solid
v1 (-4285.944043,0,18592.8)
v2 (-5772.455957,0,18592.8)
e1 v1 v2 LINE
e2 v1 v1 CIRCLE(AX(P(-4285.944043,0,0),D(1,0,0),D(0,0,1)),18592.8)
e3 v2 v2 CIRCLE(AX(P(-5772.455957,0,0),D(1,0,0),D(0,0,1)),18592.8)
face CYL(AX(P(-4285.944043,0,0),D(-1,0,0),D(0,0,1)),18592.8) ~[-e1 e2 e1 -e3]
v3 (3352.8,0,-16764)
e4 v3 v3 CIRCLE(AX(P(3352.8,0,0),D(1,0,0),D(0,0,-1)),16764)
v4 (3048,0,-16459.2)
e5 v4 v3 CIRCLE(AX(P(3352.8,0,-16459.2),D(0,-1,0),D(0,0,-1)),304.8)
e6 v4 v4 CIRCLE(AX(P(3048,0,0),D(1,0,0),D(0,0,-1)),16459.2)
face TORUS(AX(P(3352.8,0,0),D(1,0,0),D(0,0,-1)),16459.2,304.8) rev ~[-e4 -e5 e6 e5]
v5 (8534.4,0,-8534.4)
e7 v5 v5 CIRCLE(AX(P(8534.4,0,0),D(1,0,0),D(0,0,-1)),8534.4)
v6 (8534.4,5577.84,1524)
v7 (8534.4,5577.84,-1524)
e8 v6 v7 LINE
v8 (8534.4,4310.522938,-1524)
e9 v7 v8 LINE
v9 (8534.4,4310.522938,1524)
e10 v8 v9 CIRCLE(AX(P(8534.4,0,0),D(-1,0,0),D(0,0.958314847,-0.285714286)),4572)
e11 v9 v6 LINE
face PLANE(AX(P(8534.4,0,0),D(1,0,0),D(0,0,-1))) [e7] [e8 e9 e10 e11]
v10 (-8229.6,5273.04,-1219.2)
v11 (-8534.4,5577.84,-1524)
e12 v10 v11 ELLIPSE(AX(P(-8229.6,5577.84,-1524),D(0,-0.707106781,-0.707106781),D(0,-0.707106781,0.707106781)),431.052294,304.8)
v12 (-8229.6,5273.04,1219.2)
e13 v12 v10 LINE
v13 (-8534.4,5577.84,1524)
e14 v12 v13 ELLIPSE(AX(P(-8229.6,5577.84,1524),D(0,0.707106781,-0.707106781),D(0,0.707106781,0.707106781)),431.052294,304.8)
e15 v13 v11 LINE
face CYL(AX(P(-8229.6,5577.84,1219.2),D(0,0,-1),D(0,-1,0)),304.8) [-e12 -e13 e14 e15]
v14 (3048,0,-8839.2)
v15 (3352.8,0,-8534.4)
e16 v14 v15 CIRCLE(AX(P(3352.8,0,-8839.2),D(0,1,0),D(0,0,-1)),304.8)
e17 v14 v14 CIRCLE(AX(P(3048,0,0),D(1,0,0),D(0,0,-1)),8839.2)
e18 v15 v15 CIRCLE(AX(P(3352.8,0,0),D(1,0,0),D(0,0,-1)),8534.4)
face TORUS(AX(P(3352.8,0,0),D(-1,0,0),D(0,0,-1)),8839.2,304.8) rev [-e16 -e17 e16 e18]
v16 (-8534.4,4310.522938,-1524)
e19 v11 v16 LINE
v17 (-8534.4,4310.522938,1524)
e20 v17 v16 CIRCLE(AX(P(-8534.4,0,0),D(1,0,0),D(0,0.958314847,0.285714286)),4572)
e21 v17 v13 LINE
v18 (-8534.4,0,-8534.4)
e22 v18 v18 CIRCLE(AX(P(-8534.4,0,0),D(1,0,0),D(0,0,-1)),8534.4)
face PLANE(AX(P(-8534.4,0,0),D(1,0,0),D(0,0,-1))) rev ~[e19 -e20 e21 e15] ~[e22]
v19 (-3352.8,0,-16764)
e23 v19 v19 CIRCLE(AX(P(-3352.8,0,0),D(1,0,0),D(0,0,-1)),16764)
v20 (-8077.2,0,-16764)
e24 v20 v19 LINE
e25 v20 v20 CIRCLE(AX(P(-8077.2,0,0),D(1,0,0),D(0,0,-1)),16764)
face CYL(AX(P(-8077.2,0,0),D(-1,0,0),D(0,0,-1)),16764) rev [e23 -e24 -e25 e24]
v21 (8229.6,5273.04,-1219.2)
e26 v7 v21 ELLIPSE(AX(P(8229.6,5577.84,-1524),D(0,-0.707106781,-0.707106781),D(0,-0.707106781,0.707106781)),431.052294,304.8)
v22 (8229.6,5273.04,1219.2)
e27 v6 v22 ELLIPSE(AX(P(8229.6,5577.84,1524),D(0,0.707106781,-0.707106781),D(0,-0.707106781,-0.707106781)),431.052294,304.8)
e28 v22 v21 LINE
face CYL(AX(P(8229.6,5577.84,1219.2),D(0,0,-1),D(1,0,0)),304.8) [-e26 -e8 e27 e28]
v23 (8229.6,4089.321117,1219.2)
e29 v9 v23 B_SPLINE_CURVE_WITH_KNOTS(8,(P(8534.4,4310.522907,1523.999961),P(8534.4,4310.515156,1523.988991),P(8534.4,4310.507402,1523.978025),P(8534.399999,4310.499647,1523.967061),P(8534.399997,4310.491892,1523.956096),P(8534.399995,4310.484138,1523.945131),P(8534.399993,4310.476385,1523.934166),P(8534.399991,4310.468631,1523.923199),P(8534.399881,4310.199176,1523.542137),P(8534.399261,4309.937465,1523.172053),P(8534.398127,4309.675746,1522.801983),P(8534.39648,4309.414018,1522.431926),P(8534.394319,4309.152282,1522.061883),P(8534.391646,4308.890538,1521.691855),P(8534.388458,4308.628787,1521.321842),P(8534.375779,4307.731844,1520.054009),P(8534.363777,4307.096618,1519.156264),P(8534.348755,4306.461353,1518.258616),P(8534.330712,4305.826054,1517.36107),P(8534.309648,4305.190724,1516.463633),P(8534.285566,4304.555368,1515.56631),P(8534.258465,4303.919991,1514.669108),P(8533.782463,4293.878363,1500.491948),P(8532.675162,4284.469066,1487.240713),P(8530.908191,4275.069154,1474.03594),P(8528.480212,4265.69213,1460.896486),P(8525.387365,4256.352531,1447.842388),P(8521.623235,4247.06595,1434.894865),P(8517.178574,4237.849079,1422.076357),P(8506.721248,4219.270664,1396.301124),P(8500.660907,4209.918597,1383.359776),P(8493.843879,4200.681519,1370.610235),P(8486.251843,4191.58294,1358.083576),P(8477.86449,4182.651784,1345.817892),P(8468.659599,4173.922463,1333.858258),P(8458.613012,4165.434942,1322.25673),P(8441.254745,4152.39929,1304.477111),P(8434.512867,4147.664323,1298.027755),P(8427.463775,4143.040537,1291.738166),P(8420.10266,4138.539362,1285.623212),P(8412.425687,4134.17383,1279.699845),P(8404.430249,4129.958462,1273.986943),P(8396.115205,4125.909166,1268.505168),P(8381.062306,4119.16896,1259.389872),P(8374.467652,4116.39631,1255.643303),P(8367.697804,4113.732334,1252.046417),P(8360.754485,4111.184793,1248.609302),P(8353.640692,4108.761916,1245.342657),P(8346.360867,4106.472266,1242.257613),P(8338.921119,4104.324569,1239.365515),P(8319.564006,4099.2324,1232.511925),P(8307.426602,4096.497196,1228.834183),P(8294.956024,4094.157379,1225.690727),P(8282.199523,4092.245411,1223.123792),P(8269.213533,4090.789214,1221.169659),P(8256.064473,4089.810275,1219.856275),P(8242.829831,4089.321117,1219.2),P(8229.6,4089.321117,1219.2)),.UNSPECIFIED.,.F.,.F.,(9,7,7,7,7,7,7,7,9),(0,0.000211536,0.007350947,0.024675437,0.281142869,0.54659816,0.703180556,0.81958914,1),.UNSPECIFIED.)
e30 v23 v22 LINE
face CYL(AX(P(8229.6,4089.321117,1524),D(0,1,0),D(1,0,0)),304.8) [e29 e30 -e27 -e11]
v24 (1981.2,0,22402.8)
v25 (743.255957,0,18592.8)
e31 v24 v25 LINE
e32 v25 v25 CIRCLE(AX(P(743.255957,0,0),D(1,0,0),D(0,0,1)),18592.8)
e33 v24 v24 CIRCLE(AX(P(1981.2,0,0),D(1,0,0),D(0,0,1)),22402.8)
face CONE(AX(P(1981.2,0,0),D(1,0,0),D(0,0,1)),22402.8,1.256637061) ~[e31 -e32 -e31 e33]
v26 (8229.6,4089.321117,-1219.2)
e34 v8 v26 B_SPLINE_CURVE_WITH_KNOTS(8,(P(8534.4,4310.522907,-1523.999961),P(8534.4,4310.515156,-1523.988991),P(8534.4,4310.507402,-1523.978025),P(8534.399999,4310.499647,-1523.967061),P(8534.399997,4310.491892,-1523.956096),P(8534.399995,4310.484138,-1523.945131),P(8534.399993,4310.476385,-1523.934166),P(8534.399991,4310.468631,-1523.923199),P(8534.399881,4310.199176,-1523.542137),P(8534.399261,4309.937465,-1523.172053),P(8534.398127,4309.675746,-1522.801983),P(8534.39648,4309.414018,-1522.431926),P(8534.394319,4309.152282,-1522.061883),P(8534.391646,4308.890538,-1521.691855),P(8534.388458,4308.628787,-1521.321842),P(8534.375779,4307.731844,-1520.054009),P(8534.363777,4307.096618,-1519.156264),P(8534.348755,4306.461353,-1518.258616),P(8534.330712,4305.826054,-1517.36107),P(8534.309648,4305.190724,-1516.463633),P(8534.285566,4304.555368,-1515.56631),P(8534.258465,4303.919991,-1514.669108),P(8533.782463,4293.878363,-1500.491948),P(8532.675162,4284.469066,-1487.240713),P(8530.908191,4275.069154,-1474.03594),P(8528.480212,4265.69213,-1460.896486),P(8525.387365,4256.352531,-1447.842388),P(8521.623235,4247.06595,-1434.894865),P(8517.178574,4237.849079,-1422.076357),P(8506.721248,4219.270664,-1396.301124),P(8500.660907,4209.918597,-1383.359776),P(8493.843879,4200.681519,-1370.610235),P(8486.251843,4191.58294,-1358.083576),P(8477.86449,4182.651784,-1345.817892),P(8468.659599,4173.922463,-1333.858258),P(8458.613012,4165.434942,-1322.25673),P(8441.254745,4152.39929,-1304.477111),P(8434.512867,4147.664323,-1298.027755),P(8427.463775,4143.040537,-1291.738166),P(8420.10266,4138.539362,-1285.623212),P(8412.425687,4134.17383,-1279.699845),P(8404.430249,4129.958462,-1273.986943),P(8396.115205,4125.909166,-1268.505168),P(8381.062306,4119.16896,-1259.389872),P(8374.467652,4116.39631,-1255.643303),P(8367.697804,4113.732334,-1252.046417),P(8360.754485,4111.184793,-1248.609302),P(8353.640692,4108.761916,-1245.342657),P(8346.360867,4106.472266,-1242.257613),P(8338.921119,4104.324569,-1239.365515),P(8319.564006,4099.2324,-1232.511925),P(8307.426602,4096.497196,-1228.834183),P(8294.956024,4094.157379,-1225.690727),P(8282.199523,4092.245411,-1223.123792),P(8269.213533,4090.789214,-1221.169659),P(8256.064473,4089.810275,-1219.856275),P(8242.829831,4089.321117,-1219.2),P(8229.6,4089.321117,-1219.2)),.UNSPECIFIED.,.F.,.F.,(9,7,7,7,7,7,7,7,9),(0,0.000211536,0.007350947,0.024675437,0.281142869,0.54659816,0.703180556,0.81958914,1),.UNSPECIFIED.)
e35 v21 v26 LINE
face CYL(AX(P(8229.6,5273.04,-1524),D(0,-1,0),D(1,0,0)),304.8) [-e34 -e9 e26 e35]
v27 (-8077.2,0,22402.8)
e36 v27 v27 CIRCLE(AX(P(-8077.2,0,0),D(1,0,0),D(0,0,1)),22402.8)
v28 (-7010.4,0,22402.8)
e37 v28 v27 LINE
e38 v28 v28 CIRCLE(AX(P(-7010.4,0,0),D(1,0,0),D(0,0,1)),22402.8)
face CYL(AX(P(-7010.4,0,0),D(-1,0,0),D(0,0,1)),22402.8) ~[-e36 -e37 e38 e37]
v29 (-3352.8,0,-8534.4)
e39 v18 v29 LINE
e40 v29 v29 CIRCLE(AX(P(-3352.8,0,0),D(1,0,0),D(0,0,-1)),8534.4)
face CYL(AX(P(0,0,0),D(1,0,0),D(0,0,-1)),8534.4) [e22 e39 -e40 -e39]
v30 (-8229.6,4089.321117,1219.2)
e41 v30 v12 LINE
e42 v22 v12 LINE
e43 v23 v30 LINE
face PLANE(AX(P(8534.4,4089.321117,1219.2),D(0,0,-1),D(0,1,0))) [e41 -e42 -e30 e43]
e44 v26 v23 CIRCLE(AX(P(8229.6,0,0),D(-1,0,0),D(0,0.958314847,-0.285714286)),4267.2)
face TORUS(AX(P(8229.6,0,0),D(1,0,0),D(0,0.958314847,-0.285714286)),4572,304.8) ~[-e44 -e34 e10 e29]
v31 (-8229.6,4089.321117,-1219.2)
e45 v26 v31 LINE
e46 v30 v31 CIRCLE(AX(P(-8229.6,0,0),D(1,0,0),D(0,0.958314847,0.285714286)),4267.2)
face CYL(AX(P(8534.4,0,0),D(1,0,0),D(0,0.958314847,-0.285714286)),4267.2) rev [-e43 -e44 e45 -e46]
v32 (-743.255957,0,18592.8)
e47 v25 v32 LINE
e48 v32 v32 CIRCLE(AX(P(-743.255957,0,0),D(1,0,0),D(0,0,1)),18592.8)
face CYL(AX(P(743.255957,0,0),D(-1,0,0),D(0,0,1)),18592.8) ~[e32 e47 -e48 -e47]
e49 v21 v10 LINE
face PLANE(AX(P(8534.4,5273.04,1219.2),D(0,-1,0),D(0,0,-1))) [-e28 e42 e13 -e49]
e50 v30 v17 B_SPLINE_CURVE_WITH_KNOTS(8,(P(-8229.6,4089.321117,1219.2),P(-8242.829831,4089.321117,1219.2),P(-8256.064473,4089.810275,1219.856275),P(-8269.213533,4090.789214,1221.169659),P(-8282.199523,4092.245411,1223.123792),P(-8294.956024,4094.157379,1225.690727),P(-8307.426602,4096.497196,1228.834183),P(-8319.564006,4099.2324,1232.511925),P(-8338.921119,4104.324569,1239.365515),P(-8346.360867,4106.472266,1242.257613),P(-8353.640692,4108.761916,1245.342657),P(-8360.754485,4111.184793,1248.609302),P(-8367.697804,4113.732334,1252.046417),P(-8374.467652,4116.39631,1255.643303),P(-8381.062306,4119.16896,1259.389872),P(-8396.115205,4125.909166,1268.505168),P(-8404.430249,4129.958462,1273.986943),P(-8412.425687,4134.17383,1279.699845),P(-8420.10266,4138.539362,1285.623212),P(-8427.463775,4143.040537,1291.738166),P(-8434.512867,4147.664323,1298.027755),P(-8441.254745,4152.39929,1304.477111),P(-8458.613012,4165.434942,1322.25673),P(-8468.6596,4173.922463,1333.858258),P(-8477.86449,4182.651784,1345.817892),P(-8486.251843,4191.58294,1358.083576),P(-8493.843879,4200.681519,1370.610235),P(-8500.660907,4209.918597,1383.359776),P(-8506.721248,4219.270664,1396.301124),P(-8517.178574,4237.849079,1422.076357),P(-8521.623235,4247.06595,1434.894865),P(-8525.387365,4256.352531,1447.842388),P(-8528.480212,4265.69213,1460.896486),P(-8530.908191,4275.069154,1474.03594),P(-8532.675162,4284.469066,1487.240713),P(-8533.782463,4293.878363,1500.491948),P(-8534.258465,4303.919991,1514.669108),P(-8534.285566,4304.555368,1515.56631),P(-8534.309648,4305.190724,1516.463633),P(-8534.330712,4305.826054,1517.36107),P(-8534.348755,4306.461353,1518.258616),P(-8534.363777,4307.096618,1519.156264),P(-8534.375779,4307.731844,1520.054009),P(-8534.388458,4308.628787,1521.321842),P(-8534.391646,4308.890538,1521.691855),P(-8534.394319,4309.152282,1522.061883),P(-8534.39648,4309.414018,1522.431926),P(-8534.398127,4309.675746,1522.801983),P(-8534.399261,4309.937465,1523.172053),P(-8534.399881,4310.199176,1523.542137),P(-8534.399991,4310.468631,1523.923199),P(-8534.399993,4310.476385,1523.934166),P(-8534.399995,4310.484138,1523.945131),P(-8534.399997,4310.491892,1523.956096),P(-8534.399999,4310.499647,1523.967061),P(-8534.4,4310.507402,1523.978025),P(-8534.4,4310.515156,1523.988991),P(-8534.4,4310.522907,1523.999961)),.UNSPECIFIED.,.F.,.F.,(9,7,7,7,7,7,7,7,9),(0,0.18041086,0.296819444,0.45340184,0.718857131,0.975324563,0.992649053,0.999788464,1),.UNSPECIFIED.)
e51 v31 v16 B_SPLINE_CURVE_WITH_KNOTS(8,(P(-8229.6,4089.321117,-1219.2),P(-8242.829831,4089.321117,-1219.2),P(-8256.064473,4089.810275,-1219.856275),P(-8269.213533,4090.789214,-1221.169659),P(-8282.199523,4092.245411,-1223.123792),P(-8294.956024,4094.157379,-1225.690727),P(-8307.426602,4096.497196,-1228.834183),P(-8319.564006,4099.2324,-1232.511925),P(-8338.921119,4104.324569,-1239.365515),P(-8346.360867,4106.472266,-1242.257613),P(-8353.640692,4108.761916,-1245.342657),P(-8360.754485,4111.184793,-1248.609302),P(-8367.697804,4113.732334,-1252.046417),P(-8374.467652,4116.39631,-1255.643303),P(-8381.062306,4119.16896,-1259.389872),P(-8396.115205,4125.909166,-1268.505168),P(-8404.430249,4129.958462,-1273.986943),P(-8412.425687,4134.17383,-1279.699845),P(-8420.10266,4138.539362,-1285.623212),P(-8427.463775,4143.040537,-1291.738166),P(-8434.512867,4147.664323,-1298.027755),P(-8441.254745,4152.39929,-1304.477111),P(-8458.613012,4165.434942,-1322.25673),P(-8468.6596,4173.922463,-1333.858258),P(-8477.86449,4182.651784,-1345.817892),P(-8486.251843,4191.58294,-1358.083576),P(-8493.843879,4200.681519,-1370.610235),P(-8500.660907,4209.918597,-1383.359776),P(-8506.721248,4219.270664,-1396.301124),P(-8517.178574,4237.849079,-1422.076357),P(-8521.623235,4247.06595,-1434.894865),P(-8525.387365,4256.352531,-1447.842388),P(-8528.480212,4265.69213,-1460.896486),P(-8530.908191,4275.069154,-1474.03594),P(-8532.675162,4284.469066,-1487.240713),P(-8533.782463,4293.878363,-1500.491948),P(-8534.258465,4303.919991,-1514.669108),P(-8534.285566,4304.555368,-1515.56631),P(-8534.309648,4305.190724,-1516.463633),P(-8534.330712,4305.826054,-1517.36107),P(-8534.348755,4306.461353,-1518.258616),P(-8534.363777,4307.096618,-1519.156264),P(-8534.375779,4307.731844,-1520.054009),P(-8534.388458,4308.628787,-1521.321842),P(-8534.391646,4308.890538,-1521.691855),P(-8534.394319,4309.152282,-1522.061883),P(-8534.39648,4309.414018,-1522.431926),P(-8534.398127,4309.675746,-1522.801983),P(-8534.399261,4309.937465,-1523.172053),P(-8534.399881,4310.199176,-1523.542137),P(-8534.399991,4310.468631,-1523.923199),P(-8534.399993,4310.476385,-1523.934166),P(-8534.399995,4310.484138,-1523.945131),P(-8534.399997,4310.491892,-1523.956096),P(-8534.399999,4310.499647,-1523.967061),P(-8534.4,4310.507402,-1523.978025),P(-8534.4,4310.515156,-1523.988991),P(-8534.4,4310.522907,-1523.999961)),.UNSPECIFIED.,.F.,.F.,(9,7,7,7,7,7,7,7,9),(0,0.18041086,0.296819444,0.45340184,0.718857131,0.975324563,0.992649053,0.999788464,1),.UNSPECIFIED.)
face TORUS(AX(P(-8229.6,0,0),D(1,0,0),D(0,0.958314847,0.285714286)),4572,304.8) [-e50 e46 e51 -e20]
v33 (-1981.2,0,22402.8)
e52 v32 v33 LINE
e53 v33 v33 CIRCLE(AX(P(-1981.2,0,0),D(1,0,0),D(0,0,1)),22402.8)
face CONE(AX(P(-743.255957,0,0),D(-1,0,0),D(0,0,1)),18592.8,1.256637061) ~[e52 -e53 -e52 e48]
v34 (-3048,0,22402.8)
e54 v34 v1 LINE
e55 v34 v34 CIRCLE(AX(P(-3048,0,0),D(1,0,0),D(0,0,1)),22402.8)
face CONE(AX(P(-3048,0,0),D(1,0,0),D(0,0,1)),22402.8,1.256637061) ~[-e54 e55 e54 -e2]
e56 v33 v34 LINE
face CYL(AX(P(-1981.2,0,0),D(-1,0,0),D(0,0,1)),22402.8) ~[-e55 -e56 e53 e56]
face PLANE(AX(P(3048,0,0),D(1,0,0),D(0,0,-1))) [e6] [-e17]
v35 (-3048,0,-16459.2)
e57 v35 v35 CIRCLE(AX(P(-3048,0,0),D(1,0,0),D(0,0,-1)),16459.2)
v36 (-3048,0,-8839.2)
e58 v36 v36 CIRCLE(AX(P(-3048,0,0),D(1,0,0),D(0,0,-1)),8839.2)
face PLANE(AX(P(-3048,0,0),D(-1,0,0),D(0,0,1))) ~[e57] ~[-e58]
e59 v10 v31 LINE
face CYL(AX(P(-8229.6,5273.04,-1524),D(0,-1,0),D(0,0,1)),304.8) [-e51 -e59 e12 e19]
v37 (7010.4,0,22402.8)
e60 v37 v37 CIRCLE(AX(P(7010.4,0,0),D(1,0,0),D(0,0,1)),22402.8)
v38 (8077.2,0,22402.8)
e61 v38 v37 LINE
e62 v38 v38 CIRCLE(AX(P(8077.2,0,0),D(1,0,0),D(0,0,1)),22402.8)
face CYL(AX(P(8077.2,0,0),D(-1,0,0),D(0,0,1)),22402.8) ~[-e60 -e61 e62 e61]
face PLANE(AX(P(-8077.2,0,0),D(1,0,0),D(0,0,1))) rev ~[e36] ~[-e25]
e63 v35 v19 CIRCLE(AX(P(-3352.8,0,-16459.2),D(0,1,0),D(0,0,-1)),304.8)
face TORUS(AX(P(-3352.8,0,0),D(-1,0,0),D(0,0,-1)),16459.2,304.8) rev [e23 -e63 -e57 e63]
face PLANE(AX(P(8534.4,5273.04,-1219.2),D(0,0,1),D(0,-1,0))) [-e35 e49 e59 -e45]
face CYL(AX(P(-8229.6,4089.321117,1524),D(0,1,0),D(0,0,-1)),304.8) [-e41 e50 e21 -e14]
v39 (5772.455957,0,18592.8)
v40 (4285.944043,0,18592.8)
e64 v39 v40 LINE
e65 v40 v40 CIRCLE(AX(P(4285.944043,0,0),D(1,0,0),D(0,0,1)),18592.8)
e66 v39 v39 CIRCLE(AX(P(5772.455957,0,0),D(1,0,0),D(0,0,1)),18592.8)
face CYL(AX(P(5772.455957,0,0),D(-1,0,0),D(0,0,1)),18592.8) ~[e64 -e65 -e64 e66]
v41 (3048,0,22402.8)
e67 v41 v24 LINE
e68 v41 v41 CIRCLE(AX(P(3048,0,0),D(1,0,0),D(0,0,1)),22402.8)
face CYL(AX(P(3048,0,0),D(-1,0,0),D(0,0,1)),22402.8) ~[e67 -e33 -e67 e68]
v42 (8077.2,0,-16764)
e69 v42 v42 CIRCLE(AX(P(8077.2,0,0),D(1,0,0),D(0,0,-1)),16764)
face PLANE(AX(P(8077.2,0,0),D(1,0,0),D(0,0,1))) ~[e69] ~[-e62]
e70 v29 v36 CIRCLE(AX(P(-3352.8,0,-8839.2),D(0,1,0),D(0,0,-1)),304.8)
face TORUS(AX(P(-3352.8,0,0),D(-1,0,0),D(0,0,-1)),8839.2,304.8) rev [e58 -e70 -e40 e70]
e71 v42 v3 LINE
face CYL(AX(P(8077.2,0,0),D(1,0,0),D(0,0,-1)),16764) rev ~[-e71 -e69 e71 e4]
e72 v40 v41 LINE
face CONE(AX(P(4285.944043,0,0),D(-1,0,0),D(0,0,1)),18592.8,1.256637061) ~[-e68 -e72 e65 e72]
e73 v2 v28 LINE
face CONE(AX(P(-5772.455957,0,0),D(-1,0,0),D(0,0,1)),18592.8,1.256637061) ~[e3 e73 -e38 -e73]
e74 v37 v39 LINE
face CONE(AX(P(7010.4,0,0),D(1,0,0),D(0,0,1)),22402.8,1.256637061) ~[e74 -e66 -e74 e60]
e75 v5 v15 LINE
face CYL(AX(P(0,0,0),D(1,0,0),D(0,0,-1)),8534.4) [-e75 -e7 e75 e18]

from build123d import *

# Parameters (mm, degrees)
SKETCH_2_R          = 8534.4
EXTRUDE_1_DEPTH     = 8534.4
CUT_EXTRUDE_1_DEPTH = 35988.703860069
SKETCH_6_R          = 16764
SKETCH_6_R_2        = 8534.4
CUT_EXTRUDE_3_DEPTH = 5029.2
FILLET_1_R          = 304.8
FILLET_2_R          = 304.8
FILLET_3_R          = 304.8
FILLET_4_R          = 304.8


with BuildPart() as part:
    # 草图1 → 旋转3 (revolve)
    with BuildSketch(Plane.XY, mode=Mode.PRIVATE) as revolve_3_sk:
        Polygon((-5772.455957353, 18592.8), (-7010.4, 22402.8), (-8077.2, 22402.8), (-8077.2, 0), (8077.2, 0), (8077.2, 22402.8), (7010.4, 22402.8), (5772.455957353, 18592.8), (4285.944042647, 18592.8), (3048, 22402.8), (1981.2, 22402.8), (743.255957353, 18592.8), (-743.255957353, 18592.8), (-1981.2, 22402.8), (-3048, 22402.8), (-4285.944042647, 18592.8), align=None)
        Polygon((-1.110965292, 2.756288048), (-0.854995928, 3.53841666), (-0.158190438, 3.53841666), (0, 3.080496972), (0.158190438, 3.53841666), (0.854995928, 3.53841666), (1.110965292, 2.756288048), (0.111999447, 2.756288048), (-0.111999447, 2.756288048), align=None, mode=Mode.SUBTRACT)
    revolve(revolve_3_sk.sketch.rotate(Axis((-4.554564206, 0, 0), (1, 0, 0)), 90), axis=Axis((-4.554564206, 0, 0), (1, 0, 0)))

    # 草图2 → 凸台-拉伸1 (add, symmetric)
    with BuildSketch(Plane(origin=(0, 0, 0), x_dir=(0, 0, -1), z_dir=(1, 0, 0))):
        Circle(SKETCH_2_R)
    extrude(amount=EXTRUDE_1_DEPTH, both=True)

    # 草图3 → 切除-拉伸1 (cut, through all)
    with BuildSketch(Plane(origin=(8534.4, 0, 0), x_dir=(0, 0, -1), z_dir=(1, 0, 0))):
        with BuildLine():
            Line((-1219.2, 4089.321117252), (-1219.2, 5273.04))
            Line((-1219.2, 5273.04), (1219.2, 5273.04))
            Line((1219.2, 5273.04), (1219.2, 4089.321117252))
            ThreePointArc((1219.2, 4089.321117252), (0, -4267.2), (-1219.2, 4089.321117252))
        make_face()
    extrude(amount=-CUT_EXTRUDE_1_DEPTH, mode=Mode.SUBTRACT)

    # 草图6 → 切除-拉伸3 (cut)
    with BuildSketch(Plane(origin=(8077.2, 0, 0), x_dir=(0, 0, -1), z_dir=(1, 0, 0))):
        Circle(SKETCH_6_R)
        Circle(SKETCH_6_R_2, mode=Mode.SUBTRACT)
    cut_extrude_3 = extrude(amount=-CUT_EXTRUDE_3_DEPTH, mode=Mode.SUBTRACT)

    # 镜向1: 切除-拉伸3 across plane
    add(cut_extrude_3.mirror(Plane(origin=(0, 0, 0), x_dir=(0, 0, 1), z_dir=(1, 0, 0))), mode=Mode.SUBTRACT)

    # 圆角1
    fillet_1_edges = [part.edges().sort_by_distance(p)[0] for p in [
        (8534.4, 4681.180558626, -1219.2),
        (8534.4, 5273.04, 0),
        (8534.4, 4681.180558626, 1219.2),
        (8534.4, -4267.2, 0),
    ]]
    fillet(fillet_1_edges, radius=FILLET_1_R)

    # 圆角2
    fillet_2_edges = [part.edges().sort_by_distance(p)[0] for p in [
        (-8534.4, 4681.180558626, -1219.2),
        (-8534.4, -4267.2, 0),
        (-8534.4, 4681.180558626, 1219.2),
        (-8534.4, 5273.04, 0),
    ]]
    fillet(fillet_2_edges, radius=FILLET_2_R)

    # 圆角3
    fillet_3_edges = [part.edges().sort_by_distance(p)[0] for p in [
        (3048, 0, 16764),
    ]]
    fillet(fillet_3_edges, radius=FILLET_3_R)

    # 圆角4
    fillet_4_edges = [part.edges().sort_by_distance(p)[0] for p in [
        (3048, 0, 8534.4),
        (-3048, 0, 16764),
        (-3048, 0, 8534.4),
    ]]
    fillet(fillet_4_edges, radius=FILLET_4_R)


solid = part.part
